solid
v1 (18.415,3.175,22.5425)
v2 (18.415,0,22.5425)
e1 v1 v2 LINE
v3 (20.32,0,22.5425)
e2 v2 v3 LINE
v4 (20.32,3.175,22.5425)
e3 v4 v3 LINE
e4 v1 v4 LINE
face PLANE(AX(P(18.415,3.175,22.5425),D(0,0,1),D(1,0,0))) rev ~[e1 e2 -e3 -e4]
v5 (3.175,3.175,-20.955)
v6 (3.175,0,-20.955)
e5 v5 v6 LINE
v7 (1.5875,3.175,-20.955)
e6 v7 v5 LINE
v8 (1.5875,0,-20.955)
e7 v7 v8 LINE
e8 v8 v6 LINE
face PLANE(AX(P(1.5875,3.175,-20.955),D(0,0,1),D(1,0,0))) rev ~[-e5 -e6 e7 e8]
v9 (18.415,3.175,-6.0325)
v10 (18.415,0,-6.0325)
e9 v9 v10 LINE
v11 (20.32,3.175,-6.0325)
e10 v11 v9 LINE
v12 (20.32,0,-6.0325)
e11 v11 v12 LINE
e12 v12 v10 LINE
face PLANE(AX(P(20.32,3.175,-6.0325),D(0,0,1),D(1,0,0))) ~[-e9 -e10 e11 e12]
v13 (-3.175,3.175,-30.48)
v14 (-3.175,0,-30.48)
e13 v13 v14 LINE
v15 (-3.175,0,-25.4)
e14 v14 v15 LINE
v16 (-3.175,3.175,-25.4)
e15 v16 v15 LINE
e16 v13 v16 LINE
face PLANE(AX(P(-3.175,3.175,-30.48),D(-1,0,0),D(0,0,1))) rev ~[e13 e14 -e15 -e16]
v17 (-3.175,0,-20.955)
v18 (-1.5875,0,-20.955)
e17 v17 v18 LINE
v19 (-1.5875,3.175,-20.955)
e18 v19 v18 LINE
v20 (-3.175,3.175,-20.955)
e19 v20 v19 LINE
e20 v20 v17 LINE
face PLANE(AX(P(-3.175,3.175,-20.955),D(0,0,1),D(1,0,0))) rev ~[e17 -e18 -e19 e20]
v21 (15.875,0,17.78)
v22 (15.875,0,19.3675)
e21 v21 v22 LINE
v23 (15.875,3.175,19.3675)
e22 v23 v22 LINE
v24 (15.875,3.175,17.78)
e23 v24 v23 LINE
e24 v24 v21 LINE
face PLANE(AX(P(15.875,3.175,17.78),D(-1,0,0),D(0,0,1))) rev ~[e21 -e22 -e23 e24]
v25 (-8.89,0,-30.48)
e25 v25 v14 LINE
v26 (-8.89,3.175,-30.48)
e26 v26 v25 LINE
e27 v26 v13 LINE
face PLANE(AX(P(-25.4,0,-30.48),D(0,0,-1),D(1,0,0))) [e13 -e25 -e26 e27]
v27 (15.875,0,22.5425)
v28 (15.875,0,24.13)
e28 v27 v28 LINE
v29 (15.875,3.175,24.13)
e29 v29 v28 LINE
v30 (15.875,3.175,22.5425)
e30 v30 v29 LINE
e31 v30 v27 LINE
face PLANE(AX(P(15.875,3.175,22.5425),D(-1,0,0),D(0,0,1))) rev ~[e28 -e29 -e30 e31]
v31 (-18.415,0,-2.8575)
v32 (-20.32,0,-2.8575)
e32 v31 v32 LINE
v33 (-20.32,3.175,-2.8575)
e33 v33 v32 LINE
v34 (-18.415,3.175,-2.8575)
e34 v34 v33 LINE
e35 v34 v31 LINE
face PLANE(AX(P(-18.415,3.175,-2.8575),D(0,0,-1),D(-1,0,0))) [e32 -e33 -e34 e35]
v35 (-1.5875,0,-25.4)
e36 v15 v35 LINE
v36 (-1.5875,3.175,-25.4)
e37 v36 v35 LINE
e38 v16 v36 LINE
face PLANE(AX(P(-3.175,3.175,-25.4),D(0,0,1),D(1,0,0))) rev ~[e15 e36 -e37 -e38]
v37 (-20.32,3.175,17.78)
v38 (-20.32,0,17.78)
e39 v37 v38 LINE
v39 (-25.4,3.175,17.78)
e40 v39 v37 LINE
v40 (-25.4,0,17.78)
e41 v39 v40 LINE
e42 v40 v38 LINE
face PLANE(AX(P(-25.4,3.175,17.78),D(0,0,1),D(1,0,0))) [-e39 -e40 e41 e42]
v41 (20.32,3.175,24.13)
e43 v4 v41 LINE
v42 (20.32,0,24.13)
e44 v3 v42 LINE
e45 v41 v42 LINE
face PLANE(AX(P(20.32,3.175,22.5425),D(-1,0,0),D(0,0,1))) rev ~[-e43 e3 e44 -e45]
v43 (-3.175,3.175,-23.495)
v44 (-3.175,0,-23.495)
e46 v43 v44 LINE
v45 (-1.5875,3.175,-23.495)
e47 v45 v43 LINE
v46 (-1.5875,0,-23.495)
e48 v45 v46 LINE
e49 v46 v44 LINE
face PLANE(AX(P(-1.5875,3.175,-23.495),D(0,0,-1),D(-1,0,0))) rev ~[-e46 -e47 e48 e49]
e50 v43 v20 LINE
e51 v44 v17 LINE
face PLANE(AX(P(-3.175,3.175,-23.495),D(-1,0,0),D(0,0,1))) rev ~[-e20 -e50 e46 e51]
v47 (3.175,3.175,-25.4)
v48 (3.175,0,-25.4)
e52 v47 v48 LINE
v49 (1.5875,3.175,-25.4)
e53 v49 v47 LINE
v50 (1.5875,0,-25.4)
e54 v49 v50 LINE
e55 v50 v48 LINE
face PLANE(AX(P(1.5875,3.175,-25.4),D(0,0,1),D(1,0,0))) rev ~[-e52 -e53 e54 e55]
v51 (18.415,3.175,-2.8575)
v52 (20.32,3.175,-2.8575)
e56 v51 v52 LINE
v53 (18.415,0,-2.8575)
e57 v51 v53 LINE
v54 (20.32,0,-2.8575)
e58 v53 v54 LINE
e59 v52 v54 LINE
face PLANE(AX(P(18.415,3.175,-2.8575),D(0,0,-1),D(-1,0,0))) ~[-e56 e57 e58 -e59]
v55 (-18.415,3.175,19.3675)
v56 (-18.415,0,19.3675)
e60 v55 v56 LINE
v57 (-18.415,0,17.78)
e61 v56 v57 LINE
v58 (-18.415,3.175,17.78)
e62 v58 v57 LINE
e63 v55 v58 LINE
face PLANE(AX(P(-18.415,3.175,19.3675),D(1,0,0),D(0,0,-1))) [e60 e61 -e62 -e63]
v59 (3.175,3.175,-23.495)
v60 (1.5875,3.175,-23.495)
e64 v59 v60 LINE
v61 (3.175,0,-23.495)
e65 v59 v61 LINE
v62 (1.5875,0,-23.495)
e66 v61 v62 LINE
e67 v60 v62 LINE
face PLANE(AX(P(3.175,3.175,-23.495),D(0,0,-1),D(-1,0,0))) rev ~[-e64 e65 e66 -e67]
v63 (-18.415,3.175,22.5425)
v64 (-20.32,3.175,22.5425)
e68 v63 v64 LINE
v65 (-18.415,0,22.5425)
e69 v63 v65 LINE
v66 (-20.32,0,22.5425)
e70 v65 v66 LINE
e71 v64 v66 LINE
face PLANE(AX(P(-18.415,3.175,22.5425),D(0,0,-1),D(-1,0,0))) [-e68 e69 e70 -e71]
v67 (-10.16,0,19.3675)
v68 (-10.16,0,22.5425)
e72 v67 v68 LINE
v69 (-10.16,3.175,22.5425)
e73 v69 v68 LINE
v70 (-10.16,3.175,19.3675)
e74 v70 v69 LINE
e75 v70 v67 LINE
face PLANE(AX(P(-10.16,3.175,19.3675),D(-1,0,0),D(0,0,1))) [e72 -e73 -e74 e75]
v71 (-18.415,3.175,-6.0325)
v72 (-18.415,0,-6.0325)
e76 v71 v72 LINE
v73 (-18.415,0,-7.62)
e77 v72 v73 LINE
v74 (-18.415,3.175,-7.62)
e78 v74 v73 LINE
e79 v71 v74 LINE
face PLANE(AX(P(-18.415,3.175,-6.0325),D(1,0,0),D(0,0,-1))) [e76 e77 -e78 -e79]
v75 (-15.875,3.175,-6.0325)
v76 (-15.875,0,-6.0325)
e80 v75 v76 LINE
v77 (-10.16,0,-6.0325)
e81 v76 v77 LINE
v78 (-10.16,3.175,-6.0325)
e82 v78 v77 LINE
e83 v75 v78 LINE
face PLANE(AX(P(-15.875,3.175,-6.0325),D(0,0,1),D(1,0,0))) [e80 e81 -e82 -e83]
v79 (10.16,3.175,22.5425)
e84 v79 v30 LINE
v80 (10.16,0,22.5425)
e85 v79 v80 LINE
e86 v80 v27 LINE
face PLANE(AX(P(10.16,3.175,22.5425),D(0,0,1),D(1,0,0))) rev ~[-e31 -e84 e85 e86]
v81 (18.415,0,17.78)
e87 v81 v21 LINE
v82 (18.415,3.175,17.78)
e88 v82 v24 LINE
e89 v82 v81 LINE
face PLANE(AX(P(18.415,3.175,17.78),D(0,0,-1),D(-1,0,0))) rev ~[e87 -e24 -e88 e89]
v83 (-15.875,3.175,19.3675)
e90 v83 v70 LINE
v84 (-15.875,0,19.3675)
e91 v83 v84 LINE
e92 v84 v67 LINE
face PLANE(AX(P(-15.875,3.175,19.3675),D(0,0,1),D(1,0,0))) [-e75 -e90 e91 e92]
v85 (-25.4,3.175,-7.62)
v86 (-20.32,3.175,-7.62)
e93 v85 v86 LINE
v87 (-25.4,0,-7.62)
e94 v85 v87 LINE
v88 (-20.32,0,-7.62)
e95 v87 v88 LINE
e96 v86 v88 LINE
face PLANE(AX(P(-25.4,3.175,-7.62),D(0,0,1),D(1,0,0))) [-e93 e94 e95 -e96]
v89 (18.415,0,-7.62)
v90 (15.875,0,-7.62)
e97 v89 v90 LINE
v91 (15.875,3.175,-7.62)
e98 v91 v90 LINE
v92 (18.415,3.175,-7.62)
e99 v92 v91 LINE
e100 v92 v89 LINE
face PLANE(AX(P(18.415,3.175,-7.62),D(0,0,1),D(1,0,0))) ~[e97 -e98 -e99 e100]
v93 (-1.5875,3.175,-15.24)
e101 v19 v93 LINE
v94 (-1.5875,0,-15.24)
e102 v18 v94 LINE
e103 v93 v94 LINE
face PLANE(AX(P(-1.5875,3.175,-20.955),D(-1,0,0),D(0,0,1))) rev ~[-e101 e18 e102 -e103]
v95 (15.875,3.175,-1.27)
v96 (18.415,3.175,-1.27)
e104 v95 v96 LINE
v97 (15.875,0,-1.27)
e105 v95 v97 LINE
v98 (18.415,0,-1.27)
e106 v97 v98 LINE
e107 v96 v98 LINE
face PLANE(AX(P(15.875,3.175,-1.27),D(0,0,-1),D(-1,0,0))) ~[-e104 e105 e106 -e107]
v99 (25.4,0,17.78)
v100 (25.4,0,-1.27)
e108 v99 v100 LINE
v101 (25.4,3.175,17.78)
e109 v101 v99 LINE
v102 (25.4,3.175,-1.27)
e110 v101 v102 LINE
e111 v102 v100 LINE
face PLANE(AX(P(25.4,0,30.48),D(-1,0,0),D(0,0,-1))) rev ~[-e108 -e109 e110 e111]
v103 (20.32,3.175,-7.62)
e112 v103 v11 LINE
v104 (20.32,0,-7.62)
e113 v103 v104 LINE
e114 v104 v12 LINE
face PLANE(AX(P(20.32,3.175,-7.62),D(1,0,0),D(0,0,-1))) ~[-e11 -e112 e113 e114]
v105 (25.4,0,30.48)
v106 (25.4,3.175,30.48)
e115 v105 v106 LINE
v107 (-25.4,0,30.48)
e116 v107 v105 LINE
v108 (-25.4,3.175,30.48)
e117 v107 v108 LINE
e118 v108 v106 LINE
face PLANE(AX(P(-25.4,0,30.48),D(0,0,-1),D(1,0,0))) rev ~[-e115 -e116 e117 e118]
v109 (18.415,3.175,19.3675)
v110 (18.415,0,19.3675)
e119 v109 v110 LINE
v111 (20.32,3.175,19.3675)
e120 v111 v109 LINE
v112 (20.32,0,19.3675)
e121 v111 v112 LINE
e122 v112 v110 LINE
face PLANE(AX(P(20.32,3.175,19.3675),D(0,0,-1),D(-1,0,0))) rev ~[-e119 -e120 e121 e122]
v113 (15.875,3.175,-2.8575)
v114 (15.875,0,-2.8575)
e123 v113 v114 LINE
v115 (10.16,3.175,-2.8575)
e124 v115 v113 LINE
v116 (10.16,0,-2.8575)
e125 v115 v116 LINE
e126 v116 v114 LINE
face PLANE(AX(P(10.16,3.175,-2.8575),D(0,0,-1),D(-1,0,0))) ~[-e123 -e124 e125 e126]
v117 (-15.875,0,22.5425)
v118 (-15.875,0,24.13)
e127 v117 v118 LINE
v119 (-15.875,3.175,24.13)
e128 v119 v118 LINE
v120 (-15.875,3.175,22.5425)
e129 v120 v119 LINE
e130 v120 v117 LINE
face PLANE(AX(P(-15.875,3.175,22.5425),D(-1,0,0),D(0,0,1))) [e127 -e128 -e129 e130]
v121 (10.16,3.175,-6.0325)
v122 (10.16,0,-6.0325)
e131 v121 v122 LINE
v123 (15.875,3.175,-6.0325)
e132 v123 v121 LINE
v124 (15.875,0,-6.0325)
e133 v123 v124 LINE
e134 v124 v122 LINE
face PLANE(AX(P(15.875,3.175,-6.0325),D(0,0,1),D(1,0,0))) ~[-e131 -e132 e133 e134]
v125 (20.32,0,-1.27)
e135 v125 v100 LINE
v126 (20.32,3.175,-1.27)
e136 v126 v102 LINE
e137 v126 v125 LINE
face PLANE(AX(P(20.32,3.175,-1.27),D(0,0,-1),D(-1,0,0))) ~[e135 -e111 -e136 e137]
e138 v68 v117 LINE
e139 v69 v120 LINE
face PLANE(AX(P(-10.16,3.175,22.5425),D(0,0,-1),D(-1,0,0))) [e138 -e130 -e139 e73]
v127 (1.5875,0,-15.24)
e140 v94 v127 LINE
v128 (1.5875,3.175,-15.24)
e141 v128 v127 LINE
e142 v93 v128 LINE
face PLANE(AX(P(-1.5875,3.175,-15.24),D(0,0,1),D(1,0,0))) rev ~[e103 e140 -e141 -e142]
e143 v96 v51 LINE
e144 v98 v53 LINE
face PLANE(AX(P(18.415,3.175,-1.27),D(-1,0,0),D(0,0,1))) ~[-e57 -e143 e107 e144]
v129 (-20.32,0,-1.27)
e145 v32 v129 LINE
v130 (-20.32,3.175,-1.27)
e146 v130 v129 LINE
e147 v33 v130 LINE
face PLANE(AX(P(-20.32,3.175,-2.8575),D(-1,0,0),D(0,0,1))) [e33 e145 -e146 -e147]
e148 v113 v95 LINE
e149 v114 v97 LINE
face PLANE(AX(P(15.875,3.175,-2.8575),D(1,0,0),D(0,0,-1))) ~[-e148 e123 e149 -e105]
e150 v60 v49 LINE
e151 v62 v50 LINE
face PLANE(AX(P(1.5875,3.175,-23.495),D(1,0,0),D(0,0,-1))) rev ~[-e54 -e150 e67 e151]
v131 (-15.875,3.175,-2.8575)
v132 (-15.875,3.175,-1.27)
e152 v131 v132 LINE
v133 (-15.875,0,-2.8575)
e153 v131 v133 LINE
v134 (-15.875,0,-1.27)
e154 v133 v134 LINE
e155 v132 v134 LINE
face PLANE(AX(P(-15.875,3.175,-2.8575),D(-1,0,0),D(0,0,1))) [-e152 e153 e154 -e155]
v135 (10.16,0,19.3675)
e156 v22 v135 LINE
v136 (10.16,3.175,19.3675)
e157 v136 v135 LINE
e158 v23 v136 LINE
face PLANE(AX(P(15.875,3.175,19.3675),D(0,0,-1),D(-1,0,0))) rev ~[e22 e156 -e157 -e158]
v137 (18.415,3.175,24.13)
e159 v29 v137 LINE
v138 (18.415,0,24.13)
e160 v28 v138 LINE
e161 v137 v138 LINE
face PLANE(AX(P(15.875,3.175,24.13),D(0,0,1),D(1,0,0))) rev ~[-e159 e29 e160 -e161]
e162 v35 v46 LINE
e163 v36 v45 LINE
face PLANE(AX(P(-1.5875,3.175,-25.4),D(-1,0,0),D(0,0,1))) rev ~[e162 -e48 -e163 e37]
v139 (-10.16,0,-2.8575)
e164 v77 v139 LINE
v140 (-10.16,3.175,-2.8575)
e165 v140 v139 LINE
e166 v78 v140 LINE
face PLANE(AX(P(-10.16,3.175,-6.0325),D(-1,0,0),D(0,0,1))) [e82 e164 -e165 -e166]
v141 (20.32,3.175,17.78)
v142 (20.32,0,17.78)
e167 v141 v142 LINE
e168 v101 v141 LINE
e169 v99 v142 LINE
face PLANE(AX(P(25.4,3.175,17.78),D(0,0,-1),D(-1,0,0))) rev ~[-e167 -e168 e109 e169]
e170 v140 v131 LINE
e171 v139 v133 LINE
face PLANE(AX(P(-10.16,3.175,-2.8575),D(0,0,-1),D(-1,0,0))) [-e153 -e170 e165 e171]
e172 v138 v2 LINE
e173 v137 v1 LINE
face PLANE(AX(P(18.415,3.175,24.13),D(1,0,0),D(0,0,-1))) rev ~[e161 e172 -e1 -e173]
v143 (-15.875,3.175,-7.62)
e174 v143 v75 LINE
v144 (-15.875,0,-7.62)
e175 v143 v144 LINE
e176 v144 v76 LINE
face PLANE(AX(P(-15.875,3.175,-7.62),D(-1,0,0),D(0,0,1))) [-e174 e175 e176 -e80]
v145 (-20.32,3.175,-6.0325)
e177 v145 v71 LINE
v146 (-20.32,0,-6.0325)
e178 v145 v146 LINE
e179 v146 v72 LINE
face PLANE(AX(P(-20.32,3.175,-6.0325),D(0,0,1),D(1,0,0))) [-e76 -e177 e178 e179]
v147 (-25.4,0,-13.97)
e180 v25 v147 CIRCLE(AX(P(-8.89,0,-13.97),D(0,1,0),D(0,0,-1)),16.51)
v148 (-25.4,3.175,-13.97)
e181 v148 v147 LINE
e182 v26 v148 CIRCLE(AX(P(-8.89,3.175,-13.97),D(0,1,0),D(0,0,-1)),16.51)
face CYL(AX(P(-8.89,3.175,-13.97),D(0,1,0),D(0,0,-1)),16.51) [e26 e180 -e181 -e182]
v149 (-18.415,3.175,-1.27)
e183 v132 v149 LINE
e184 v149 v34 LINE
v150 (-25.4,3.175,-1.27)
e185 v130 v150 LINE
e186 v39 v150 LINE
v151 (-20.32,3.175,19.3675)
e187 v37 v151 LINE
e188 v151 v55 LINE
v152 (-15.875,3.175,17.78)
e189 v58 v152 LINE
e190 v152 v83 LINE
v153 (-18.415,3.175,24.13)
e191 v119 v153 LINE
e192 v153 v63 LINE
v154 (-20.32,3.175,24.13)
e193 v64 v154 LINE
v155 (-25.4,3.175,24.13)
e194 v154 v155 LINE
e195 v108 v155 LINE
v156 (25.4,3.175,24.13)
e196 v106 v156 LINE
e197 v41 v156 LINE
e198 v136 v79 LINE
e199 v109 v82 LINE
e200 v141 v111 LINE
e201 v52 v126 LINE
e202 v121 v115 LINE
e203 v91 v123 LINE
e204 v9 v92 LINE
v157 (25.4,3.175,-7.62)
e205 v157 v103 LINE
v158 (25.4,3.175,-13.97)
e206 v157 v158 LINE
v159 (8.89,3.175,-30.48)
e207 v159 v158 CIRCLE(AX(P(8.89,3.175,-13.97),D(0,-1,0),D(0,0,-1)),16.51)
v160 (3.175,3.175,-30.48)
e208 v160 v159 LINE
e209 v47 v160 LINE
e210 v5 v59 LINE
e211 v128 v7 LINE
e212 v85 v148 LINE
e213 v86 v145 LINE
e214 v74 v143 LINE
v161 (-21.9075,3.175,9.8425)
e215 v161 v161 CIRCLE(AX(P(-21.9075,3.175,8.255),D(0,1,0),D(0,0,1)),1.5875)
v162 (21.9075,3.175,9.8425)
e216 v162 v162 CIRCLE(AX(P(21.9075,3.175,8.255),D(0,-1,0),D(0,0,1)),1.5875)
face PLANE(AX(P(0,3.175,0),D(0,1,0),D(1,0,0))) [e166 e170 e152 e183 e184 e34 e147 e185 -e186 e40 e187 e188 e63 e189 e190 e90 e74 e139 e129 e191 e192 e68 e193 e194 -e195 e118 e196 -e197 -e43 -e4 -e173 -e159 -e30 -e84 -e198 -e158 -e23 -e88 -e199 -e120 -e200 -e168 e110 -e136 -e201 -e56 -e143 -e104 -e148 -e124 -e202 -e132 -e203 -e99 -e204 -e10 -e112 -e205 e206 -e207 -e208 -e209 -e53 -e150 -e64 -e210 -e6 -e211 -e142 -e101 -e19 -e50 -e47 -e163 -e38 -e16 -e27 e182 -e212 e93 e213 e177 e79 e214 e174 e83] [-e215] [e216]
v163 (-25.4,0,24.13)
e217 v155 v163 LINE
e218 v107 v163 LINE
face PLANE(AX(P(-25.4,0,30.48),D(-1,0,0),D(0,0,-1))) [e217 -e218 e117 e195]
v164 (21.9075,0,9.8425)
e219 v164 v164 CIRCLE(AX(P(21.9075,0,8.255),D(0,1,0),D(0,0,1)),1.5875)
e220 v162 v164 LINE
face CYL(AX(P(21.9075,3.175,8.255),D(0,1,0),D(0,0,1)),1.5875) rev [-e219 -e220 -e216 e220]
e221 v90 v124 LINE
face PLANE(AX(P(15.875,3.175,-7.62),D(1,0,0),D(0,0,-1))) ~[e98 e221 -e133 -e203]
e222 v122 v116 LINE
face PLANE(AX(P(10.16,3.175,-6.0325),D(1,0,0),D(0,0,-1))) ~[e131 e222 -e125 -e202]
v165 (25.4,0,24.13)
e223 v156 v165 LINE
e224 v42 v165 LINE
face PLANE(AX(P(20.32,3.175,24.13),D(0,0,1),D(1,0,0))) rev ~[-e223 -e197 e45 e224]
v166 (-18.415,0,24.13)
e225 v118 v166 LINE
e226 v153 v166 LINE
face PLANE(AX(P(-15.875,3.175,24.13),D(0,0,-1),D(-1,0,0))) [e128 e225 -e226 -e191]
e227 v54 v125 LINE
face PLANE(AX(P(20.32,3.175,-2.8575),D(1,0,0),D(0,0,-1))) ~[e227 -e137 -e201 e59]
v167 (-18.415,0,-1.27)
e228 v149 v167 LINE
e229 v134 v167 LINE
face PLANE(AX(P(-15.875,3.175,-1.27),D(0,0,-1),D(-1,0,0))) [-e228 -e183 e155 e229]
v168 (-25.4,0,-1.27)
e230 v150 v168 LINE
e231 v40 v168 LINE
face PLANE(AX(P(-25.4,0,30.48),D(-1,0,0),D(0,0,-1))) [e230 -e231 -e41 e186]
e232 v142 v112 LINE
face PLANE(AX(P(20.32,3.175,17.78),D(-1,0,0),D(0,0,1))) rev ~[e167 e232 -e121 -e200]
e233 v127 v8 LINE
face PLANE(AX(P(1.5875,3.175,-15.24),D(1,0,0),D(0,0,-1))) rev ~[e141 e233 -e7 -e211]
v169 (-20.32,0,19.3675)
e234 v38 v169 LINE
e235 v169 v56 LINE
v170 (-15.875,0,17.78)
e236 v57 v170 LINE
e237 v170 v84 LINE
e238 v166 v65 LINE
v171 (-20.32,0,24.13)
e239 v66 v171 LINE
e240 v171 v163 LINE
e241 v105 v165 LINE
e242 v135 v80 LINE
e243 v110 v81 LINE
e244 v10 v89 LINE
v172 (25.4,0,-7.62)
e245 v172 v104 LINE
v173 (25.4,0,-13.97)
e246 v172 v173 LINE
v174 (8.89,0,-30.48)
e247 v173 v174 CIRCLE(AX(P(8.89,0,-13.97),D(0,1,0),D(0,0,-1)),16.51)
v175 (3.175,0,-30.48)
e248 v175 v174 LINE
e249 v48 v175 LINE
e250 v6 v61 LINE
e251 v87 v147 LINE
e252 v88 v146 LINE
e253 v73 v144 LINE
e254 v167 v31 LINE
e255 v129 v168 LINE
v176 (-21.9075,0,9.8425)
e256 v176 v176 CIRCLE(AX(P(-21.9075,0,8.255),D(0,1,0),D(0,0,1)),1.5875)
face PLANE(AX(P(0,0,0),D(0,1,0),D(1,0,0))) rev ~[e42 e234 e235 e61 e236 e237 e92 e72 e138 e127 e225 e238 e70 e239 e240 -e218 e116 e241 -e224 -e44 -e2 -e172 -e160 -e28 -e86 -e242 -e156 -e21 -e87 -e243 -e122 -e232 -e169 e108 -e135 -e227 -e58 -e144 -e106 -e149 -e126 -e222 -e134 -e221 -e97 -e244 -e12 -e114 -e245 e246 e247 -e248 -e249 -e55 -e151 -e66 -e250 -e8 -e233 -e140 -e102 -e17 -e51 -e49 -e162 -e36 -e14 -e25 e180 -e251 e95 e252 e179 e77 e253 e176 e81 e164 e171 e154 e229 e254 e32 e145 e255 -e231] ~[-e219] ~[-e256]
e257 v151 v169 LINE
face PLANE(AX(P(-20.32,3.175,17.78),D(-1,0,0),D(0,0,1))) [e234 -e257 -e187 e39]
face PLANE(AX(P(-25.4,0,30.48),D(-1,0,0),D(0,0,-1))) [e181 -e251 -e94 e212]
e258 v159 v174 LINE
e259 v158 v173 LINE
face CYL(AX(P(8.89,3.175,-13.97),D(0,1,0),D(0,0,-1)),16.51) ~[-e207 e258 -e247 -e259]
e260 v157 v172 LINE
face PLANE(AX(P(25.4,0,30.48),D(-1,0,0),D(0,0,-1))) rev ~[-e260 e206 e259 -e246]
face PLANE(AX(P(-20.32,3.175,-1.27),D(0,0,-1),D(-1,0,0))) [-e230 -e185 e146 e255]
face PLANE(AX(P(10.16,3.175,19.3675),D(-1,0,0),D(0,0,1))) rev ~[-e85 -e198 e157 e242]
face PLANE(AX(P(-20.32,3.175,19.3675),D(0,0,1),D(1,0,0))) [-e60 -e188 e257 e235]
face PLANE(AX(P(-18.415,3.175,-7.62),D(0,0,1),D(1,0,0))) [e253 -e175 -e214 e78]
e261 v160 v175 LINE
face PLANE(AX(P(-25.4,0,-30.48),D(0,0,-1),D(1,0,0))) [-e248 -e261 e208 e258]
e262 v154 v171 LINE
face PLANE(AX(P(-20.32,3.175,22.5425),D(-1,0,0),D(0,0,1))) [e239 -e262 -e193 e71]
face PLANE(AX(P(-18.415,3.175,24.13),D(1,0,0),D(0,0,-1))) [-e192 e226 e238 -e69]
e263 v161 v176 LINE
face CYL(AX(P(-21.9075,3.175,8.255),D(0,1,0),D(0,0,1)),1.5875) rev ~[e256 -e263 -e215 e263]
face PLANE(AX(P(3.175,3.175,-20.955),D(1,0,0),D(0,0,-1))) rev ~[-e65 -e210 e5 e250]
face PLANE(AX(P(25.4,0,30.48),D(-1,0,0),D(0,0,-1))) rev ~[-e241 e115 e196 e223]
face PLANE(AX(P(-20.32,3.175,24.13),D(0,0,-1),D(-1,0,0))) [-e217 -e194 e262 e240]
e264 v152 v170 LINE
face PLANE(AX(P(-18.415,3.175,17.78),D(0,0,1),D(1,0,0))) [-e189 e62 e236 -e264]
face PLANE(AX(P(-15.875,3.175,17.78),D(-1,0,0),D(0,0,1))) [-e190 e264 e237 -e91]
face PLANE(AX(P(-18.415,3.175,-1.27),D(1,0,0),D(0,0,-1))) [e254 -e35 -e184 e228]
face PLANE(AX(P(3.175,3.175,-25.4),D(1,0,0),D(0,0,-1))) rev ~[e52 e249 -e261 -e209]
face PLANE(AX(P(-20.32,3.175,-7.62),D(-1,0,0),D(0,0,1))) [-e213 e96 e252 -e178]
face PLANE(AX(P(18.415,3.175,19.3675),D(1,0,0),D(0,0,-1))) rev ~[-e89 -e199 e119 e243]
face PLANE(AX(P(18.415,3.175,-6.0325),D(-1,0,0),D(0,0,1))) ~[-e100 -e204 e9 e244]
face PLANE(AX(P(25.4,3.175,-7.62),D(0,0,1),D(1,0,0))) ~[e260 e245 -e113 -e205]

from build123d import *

# Parameters (mm, degrees)
SKETCH1_W            = 50.8
SKETCH1_H            = 60.96
BOSS_EXTRUDE2_DEPTH  = 3.175
CUT_EXTRUDE3_DEPTH   = 40.802902218
LPATTERN3_COUNT      = 2
LPATTERN3_PITCH      = 25.4
SKETCH6_R            = 1.5875
CUT_EXTRUDE4_DEPTH   = 40.802902218
MIRROR4_COPY_1_DEPTH = 40.802902218
CUT_EXTRUDE5_DEPTH   = 40.802902218
CUT_EXTRUDE6_DEPTH   = 40.802902218


with BuildPart() as part:
    # Sketch1 → Boss-Extrude2 (new body)
    with BuildSketch(Plane(origin=(0, 0, 0), x_dir=(1, 0, 0), z_dir=(0, 1, 0))):
        Rectangle(SKETCH1_W, SKETCH1_H)
    extrude(amount=BOSS_EXTRUDE2_DEPTH)

    # Sketch5 → Cut-Extrude3 (cut, through all)
    with BuildSketch(Plane(origin=(0, 3.175, 0), x_dir=(1, 0, 0), z_dir=(0, 1, 0))):
        Polygon((-20.32, 6.0325), (-18.415, 6.0325), (-18.415, 7.62), (-15.875, 7.62), (-15.875, 6.0325), (-10.16, 6.0325), (-10.16, 2.8575), (-15.875, 2.8575), (-15.875, 1.27), (-18.415, 1.27), (-18.415, 2.8575), (-20.32, 2.8575), (-20.32, 1.27), (-25.4, 1.27), (-25.4, 7.62), (-20.32, 7.62), align=None)
    cut_extrude3 = extrude(amount=-CUT_EXTRUDE3_DEPTH, mode=Mode.SUBTRACT)

    # LPattern3: Cut-Extrude3 ×2
    with Locations(*[(0, 0, i * LPATTERN3_PITCH) for i in range(1, LPATTERN3_COUNT)]):
        add(cut_extrude3, mode=Mode.SUBTRACT)

    # Sketch6 → Cut-Extrude4 (cut, through all)
    with BuildSketch(Plane(origin=(0, 3.175, 0), x_dir=(1, 0, 0), z_dir=(0, 1, 0))):
        with Locations(Location((-21.9075, -8.255, 0), (0, 0, 270))):
            Circle(SKETCH6_R)
    cut_extrude4 = extrude(amount=-CUT_EXTRUDE4_DEPTH, mode=Mode.SUBTRACT)

    # Mirror4: Cut-Extrude3, Cut-Extrude4 across plane
    add(cut_extrude3.mirror(Plane(origin=(0, 0, 0), x_dir=(0, 0, 1), z_dir=(1, 0, 0))), mode=Mode.SUBTRACT)
    add(cut_extrude4.mirror(Plane(origin=(0, 0, 0), x_dir=(0, 0, 1), z_dir=(1, 0, 0))), mode=Mode.SUBTRACT)

    # Mirror4 copy 1 sketch → Mirror4 copy 1 (cut, through all)
    with BuildSketch(Plane(origin=(0, 3.175, 25.4), x_dir=(-1, 0, 0), z_dir=(0, 1, 0))):
        Polygon((-20.32, -6.0325), (-18.415, -6.0325), (-18.415, -7.62), (-15.875, -7.62), (-15.875, -6.0325), (-10.16, -6.0325), (-10.16, -2.8575), (-15.875, -2.8575), (-15.875, -1.27), (-18.415, -1.27), (-18.415, -2.8575), (-20.32, -2.8575), (-20.32, -1.27), (-25.4, -1.27), (-25.4, -7.62), (-20.32, -7.62), align=None)
    extrude(amount=-MIRROR4_COPY_1_DEPTH, mode=Mode.SUBTRACT)

    # Sketch7 → Cut-Extrude5 (cut, through all)
    with BuildSketch(Plane(origin=(0, 3.175, 0), x_dir=(1, 0, 0), z_dir=(0, 1, 0))):
        Polygon((-3.175, 30.48), (-3.175, 25.4), (-1.5875, 25.4), (-1.5875, 23.495), (-3.175, 23.495), (-3.175, 20.955), (-1.5875, 20.955), (-1.5875, 15.24), (1.5875, 15.24), (1.5875, 20.955), (3.175, 20.955), (3.175, 23.495), (1.5875, 23.495), (1.5875, 25.4), (3.175, 25.4), (3.175, 30.48), align=None)
    extrude(amount=-CUT_EXTRUDE5_DEPTH, mode=Mode.SUBTRACT)

    # Sketch10 → Cut-Extrude6 (cut, through all)
    with BuildSketch(Plane(origin=(0, 3.175, 0), x_dir=(1, 0, 0), z_dir=(0, 1, 0))):
        with BuildLine():
            Line((-25.4, 13.97), (-25.4, 30.48))
            Line((-25.4, 30.48), (-8.89, 30.48))
            ThreePointArc((-8.89, 30.48), (-20.564332957, 25.644332957), (-25.4, 13.97))
        make_face()
        with BuildLine():
            Line((25.4, 13.97), (25.4, 30.48))
            Line((25.4, 30.48), (8.89, 30.48))
            ThreePointArc((8.89, 30.48), (20.564332957, 25.644332957), (25.4, 13.97))
        make_face()
    extrude(amount=-CUT_EXTRUDE6_DEPTH, mode=Mode.SUBTRACT)


solid = part.part
